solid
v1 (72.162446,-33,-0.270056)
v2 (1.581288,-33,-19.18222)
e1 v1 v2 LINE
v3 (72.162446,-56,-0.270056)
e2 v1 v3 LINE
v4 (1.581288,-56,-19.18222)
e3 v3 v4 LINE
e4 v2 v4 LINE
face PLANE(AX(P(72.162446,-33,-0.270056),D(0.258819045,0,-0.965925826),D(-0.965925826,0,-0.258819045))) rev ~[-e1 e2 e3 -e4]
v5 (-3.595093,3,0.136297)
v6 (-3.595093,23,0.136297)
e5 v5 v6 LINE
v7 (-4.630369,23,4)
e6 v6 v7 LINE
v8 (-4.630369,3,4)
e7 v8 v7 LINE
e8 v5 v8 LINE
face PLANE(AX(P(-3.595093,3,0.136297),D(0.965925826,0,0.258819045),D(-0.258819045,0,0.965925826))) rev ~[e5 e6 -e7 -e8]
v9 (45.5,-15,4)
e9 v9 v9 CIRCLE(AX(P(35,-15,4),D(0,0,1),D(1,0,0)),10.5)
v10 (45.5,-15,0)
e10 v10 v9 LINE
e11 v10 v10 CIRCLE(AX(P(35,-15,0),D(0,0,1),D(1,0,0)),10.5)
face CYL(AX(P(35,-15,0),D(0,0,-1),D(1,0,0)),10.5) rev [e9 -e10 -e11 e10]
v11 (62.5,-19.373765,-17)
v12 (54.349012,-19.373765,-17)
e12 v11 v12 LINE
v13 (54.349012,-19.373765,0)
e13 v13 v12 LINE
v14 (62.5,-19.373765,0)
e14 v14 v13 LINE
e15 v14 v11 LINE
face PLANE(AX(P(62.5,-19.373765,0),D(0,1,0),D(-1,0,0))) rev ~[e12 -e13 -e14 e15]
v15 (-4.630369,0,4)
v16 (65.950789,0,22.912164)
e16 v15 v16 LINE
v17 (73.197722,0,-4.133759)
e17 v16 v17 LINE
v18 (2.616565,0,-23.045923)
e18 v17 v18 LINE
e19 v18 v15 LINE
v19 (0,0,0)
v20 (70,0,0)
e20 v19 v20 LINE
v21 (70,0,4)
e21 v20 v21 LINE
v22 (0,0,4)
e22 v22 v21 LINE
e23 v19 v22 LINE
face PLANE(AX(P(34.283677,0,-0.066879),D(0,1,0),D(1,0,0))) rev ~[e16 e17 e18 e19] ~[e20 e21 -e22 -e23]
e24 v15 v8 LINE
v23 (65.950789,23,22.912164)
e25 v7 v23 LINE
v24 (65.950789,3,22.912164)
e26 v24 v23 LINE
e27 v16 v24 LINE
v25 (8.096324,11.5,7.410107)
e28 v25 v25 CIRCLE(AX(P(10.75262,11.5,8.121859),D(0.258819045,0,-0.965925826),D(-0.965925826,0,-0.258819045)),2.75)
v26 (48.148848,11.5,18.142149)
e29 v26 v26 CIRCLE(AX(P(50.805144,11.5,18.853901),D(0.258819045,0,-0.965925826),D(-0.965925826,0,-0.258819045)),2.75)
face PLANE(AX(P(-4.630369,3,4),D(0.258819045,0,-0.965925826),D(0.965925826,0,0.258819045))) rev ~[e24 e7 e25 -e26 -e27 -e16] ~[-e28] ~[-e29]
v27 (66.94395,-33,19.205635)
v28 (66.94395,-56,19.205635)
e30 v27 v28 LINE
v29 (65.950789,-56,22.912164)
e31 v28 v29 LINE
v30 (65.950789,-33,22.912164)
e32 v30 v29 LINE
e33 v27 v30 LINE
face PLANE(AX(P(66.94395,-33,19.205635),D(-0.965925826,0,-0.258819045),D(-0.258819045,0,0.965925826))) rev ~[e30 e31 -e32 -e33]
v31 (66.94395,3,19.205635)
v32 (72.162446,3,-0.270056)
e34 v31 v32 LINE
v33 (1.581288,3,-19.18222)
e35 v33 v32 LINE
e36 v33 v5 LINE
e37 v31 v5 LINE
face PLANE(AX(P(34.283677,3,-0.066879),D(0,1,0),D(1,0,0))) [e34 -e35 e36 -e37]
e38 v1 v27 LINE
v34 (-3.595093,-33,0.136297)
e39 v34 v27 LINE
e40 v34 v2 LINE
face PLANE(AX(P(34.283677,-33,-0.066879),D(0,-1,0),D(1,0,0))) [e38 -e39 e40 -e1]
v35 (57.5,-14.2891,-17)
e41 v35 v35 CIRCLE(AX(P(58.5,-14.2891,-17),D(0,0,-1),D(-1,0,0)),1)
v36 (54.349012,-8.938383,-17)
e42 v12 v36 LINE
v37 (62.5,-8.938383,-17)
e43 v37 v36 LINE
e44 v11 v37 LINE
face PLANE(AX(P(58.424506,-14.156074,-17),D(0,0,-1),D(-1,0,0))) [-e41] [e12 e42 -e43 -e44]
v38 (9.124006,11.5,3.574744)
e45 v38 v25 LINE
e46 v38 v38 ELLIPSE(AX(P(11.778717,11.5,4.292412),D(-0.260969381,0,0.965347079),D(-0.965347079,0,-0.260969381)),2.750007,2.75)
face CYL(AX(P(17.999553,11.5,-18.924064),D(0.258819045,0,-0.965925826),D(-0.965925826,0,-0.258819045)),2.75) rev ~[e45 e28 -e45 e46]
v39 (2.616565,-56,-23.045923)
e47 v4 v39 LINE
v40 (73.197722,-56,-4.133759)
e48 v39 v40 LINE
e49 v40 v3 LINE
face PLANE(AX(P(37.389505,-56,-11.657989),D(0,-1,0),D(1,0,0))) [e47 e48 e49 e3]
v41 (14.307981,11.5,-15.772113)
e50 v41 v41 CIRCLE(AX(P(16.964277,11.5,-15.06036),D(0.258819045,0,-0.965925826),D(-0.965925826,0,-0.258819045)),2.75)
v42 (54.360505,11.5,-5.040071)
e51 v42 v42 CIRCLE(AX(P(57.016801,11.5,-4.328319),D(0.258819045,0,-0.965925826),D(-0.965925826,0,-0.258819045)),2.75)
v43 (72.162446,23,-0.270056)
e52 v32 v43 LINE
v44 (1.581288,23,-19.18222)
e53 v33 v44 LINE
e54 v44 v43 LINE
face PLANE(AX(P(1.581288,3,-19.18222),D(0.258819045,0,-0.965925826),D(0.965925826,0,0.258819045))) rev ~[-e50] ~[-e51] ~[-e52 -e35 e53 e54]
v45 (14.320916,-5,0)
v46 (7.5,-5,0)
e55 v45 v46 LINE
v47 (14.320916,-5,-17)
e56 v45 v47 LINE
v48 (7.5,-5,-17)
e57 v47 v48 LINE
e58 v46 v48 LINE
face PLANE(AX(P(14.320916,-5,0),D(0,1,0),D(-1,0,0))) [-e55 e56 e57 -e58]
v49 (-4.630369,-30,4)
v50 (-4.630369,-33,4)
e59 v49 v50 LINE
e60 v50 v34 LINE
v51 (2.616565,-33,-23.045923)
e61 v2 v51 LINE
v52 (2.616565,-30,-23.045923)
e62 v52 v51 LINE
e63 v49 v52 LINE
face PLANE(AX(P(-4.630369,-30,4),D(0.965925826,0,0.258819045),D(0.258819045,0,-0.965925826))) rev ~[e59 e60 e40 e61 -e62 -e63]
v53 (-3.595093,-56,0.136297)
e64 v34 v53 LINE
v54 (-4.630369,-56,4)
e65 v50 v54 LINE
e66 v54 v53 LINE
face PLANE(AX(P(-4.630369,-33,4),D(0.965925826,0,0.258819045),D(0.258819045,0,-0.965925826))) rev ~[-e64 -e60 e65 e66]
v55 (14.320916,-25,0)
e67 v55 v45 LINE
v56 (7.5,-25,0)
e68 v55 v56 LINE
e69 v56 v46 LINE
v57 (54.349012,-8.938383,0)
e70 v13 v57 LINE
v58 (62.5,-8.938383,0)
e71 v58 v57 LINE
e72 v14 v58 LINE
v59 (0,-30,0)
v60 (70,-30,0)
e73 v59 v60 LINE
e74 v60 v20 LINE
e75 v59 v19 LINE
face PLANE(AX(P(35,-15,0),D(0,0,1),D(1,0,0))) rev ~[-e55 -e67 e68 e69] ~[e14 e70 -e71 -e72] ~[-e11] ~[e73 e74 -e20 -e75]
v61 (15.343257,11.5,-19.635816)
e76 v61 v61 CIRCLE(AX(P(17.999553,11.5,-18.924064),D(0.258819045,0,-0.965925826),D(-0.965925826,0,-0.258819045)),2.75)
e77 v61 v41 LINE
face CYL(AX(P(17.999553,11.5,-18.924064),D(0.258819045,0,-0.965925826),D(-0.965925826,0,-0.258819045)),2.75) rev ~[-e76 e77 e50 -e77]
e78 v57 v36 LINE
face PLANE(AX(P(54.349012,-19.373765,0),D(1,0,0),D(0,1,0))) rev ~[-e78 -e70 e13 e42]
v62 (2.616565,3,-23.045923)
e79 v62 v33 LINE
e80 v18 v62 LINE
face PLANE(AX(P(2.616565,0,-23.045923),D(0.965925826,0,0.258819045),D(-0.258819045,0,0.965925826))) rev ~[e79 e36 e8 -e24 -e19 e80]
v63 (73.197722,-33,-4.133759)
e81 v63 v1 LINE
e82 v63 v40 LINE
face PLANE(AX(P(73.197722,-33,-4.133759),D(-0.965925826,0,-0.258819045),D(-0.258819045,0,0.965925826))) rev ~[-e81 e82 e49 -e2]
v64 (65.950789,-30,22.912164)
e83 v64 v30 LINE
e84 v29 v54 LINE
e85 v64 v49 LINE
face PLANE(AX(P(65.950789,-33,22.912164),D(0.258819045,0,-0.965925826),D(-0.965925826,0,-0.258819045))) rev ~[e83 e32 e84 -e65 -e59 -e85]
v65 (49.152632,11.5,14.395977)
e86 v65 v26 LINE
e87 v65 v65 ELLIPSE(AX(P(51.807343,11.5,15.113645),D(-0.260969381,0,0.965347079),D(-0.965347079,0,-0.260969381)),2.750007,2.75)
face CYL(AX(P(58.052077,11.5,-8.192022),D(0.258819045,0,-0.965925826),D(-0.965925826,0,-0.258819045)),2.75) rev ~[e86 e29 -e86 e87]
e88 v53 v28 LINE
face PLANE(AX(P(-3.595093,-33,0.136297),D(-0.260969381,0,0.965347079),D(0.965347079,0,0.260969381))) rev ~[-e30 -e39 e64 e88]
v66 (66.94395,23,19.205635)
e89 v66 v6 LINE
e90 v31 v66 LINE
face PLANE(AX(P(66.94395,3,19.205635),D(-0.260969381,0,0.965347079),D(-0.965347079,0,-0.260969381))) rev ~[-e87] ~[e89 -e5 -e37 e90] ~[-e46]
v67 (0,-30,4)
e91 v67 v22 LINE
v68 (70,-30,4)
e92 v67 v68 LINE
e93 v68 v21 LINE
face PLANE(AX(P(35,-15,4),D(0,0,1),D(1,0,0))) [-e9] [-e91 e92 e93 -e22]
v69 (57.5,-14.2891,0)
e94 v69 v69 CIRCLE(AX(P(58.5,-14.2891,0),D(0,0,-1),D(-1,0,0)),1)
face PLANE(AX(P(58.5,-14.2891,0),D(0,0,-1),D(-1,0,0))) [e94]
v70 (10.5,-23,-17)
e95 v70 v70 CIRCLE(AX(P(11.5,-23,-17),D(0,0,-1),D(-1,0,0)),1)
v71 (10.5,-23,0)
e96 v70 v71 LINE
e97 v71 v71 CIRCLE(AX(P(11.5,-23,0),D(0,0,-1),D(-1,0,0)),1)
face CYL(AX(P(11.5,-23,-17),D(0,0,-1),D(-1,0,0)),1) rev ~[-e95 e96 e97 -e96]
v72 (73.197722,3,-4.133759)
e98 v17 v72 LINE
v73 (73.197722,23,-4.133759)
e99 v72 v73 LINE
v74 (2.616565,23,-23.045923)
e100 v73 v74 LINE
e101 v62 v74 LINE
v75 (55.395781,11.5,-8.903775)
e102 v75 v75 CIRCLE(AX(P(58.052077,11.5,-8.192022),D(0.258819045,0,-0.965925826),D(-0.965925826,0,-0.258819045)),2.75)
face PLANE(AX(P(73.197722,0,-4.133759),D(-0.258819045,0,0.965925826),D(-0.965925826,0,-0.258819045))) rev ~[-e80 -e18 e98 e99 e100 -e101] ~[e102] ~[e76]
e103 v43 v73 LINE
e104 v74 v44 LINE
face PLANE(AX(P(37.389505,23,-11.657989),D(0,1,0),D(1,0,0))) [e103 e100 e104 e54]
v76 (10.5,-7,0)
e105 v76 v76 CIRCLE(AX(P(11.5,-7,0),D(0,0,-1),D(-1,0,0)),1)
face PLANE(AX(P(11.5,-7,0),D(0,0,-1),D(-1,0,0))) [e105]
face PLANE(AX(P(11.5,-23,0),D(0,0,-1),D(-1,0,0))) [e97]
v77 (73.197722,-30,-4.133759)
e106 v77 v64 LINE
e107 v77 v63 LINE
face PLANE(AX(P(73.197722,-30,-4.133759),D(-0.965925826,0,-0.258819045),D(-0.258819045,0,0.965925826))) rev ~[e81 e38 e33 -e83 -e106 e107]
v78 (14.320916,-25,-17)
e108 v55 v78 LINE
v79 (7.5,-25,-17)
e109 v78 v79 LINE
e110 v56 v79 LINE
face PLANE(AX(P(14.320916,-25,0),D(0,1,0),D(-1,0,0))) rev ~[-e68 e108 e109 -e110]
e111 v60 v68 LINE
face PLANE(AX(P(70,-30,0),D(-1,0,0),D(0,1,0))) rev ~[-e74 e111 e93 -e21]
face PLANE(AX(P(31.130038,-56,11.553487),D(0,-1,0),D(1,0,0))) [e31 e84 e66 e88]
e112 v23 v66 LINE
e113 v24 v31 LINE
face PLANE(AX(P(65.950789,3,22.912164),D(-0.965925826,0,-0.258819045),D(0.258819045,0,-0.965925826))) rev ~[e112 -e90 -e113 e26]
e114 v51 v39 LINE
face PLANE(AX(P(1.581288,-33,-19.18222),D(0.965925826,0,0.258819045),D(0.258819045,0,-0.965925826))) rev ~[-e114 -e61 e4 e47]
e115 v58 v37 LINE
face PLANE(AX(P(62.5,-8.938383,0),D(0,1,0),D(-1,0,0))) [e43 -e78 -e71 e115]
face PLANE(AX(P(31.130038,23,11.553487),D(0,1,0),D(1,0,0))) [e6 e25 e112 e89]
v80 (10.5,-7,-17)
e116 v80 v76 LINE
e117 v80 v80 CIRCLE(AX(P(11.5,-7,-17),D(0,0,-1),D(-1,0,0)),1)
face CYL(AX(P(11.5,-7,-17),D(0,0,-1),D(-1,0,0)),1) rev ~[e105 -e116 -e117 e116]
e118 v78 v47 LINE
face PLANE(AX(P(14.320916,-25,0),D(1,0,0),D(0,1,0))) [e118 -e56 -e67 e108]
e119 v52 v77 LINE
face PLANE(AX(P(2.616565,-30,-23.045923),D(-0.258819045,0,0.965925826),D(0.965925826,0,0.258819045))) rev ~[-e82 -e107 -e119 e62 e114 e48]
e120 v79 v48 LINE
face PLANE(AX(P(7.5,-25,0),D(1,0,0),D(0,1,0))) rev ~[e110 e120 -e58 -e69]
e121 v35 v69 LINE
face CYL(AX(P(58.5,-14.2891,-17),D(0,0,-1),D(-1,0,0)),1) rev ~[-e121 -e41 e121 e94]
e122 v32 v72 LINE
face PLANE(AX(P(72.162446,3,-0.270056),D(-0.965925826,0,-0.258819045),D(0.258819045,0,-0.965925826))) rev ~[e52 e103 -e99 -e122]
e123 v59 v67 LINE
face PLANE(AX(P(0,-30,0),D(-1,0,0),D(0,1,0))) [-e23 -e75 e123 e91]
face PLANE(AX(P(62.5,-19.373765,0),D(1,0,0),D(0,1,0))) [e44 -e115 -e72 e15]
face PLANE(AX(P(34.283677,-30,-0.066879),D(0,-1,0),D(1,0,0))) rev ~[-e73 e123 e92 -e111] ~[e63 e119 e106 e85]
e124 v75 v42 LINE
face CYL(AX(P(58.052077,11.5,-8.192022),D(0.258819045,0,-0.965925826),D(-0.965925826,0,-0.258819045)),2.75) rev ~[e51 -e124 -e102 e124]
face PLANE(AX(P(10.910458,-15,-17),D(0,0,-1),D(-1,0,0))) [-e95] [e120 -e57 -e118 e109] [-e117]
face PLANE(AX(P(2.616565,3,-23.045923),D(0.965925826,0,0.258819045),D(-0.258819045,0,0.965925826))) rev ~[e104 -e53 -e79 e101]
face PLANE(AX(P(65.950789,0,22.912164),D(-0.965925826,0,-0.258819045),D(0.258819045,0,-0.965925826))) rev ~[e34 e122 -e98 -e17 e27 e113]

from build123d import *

# Parameters (mm, degrees)
SKETCH1_W           = 70
SKETCH1_H           = 30
SKETCH1_R           = 10.5
BOSS_EXTRUDE1_DEPTH = 4
SKETCH3_W           = 8.150987667
SKETCH3_H           = 10.43538234
SKETCH3_W_2         = 6.820916115
SKETCH3_H_2         = 20
BOSS_EXTRUDE2_DEPTH = 17
SKETCH4_R           = 1
CUT_EXTRUDE1_DEPTH  = 17
BOSS_EXTRUDE4_DEPTH = 3
BOSS_EXTRUDE5_DEPTH = 20
SKETCH10_R          = 2.75
CUT_EXTRUDE2_DEPTH  = 47.267747797
BOSS_EXTRUDE6_DEPTH = 3
BOSS_EXTRUDE7_DEPTH = 23


with BuildPart() as part:
    # Sketch1 → Boss-Extrude1 (new body)
    with BuildSketch(Plane.XY):
        with Locations((35, -15)):
            Rectangle(SKETCH1_W, SKETCH1_H)
        with Locations((35, -15)):
            Circle(SKETCH1_R, mode=Mode.SUBTRACT)
    extrude(amount=BOSS_EXTRUDE1_DEPTH)

    # Sketch3 → Boss-Extrude2 (add)
    with BuildSketch(Plane(origin=(0, 0, 0), x_dir=(-1, 0, 0), z_dir=(0, 0, -1))):
        with Locations((-58.424506167, -14.156074174)):
            Rectangle(SKETCH3_W, SKETCH3_H)
        with Locations((-10.910458058, -15)):
            Rectangle(SKETCH3_W_2, SKETCH3_H_2)
    extrude(amount=BOSS_EXTRUDE2_DEPTH)

    # Sketch4 → Cut-Extrude1 (cut)
    with BuildSketch(Plane(origin=(0, 0, -17), x_dir=(-1, 0, 0), z_dir=(0, 0, -1))):
        with Locations((-58.5, -14.289099526)):
            Circle(SKETCH4_R)
        with Locations((-11.5, -7)):
            Circle(SKETCH4_R)
        with Locations((-11.5, -23)):
            Circle(SKETCH4_R)
    extrude(amount=-CUT_EXTRUDE1_DEPTH, mode=Mode.SUBTRACT)

    # Sketch7 → Boss-Extrude4 (add)
    with BuildSketch(Plane(origin=(0, 0, 0), x_dir=(1, 0, 0), z_dir=(0, 1, 0))):
        Polygon((-4.630368757, -4), (65.950788783, -22.912164164), (73.197722046, 4.133758972), (2.616564506, 23.045923136), align=None)
    extrude(amount=BOSS_EXTRUDE4_DEPTH)

    # Sketch9 → Boss-Extrude5 (add)
    with BuildSketch(Plane(origin=(0, 3, 0), x_dir=(1, 0, 0), z_dir=(0, 1, 0))):
        Polygon((-4.630368757, -4), (65.950788783, -22.912164164), (66.943950204, -19.205635281), (-3.595092577, -0.136296695), align=None)
        Polygon((2.616564506, 23.045923136), (1.581288325, 19.182219831), (72.162445865, 0.270055667), (73.197722046, 4.133758972), align=None)
    extrude(amount=BOSS_EXTRUDE5_DEPTH)

    # Sketch10 → Cut-Extrude2 (cut, through all)
    with BuildSketch(Plane(origin=(5.936757371, 0, -22.156280139), x_dir=(-0.965925826, 0, -0.258819045), z_dir=(0.258819045, 0, -0.965925826))):
        with Locations((-53.953749554, 11.5)):
            Circle(SKETCH10_R)
        with Locations((-12.488324975, 11.5)):
            Circle(SKETCH10_R)
    extrude(amount=-CUT_EXTRUDE2_DEPTH, mode=Mode.SUBTRACT)

    # Sketch5 → Boss-Extrude6 (add)
    with BuildSketch(Plane.XZ.offset(30)):
        Polygon((-4.630368757, 4), (2.616564506, -23.045923136), (73.197722046, -4.133758972), (65.950788783, 22.912164164), align=None)
    extrude(amount=BOSS_EXTRUDE6_DEPTH)

    # Sketch6 → Boss-Extrude7 (add)
    with BuildSketch(Plane.XZ.offset(33)):
        Polygon((-4.630368757, 4), (-3.595092577, 0.136296695), (66.943950204, 19.205635281), (65.950788783, 22.912164164), align=None)
        Polygon((2.616564506, -23.045923136), (73.197722046, -4.133758972), (72.162445865, -0.270055667), (1.581288325, -19.182219831), align=None)
    extrude(amount=BOSS_EXTRUDE7_DEPTH)


solid = part.part
